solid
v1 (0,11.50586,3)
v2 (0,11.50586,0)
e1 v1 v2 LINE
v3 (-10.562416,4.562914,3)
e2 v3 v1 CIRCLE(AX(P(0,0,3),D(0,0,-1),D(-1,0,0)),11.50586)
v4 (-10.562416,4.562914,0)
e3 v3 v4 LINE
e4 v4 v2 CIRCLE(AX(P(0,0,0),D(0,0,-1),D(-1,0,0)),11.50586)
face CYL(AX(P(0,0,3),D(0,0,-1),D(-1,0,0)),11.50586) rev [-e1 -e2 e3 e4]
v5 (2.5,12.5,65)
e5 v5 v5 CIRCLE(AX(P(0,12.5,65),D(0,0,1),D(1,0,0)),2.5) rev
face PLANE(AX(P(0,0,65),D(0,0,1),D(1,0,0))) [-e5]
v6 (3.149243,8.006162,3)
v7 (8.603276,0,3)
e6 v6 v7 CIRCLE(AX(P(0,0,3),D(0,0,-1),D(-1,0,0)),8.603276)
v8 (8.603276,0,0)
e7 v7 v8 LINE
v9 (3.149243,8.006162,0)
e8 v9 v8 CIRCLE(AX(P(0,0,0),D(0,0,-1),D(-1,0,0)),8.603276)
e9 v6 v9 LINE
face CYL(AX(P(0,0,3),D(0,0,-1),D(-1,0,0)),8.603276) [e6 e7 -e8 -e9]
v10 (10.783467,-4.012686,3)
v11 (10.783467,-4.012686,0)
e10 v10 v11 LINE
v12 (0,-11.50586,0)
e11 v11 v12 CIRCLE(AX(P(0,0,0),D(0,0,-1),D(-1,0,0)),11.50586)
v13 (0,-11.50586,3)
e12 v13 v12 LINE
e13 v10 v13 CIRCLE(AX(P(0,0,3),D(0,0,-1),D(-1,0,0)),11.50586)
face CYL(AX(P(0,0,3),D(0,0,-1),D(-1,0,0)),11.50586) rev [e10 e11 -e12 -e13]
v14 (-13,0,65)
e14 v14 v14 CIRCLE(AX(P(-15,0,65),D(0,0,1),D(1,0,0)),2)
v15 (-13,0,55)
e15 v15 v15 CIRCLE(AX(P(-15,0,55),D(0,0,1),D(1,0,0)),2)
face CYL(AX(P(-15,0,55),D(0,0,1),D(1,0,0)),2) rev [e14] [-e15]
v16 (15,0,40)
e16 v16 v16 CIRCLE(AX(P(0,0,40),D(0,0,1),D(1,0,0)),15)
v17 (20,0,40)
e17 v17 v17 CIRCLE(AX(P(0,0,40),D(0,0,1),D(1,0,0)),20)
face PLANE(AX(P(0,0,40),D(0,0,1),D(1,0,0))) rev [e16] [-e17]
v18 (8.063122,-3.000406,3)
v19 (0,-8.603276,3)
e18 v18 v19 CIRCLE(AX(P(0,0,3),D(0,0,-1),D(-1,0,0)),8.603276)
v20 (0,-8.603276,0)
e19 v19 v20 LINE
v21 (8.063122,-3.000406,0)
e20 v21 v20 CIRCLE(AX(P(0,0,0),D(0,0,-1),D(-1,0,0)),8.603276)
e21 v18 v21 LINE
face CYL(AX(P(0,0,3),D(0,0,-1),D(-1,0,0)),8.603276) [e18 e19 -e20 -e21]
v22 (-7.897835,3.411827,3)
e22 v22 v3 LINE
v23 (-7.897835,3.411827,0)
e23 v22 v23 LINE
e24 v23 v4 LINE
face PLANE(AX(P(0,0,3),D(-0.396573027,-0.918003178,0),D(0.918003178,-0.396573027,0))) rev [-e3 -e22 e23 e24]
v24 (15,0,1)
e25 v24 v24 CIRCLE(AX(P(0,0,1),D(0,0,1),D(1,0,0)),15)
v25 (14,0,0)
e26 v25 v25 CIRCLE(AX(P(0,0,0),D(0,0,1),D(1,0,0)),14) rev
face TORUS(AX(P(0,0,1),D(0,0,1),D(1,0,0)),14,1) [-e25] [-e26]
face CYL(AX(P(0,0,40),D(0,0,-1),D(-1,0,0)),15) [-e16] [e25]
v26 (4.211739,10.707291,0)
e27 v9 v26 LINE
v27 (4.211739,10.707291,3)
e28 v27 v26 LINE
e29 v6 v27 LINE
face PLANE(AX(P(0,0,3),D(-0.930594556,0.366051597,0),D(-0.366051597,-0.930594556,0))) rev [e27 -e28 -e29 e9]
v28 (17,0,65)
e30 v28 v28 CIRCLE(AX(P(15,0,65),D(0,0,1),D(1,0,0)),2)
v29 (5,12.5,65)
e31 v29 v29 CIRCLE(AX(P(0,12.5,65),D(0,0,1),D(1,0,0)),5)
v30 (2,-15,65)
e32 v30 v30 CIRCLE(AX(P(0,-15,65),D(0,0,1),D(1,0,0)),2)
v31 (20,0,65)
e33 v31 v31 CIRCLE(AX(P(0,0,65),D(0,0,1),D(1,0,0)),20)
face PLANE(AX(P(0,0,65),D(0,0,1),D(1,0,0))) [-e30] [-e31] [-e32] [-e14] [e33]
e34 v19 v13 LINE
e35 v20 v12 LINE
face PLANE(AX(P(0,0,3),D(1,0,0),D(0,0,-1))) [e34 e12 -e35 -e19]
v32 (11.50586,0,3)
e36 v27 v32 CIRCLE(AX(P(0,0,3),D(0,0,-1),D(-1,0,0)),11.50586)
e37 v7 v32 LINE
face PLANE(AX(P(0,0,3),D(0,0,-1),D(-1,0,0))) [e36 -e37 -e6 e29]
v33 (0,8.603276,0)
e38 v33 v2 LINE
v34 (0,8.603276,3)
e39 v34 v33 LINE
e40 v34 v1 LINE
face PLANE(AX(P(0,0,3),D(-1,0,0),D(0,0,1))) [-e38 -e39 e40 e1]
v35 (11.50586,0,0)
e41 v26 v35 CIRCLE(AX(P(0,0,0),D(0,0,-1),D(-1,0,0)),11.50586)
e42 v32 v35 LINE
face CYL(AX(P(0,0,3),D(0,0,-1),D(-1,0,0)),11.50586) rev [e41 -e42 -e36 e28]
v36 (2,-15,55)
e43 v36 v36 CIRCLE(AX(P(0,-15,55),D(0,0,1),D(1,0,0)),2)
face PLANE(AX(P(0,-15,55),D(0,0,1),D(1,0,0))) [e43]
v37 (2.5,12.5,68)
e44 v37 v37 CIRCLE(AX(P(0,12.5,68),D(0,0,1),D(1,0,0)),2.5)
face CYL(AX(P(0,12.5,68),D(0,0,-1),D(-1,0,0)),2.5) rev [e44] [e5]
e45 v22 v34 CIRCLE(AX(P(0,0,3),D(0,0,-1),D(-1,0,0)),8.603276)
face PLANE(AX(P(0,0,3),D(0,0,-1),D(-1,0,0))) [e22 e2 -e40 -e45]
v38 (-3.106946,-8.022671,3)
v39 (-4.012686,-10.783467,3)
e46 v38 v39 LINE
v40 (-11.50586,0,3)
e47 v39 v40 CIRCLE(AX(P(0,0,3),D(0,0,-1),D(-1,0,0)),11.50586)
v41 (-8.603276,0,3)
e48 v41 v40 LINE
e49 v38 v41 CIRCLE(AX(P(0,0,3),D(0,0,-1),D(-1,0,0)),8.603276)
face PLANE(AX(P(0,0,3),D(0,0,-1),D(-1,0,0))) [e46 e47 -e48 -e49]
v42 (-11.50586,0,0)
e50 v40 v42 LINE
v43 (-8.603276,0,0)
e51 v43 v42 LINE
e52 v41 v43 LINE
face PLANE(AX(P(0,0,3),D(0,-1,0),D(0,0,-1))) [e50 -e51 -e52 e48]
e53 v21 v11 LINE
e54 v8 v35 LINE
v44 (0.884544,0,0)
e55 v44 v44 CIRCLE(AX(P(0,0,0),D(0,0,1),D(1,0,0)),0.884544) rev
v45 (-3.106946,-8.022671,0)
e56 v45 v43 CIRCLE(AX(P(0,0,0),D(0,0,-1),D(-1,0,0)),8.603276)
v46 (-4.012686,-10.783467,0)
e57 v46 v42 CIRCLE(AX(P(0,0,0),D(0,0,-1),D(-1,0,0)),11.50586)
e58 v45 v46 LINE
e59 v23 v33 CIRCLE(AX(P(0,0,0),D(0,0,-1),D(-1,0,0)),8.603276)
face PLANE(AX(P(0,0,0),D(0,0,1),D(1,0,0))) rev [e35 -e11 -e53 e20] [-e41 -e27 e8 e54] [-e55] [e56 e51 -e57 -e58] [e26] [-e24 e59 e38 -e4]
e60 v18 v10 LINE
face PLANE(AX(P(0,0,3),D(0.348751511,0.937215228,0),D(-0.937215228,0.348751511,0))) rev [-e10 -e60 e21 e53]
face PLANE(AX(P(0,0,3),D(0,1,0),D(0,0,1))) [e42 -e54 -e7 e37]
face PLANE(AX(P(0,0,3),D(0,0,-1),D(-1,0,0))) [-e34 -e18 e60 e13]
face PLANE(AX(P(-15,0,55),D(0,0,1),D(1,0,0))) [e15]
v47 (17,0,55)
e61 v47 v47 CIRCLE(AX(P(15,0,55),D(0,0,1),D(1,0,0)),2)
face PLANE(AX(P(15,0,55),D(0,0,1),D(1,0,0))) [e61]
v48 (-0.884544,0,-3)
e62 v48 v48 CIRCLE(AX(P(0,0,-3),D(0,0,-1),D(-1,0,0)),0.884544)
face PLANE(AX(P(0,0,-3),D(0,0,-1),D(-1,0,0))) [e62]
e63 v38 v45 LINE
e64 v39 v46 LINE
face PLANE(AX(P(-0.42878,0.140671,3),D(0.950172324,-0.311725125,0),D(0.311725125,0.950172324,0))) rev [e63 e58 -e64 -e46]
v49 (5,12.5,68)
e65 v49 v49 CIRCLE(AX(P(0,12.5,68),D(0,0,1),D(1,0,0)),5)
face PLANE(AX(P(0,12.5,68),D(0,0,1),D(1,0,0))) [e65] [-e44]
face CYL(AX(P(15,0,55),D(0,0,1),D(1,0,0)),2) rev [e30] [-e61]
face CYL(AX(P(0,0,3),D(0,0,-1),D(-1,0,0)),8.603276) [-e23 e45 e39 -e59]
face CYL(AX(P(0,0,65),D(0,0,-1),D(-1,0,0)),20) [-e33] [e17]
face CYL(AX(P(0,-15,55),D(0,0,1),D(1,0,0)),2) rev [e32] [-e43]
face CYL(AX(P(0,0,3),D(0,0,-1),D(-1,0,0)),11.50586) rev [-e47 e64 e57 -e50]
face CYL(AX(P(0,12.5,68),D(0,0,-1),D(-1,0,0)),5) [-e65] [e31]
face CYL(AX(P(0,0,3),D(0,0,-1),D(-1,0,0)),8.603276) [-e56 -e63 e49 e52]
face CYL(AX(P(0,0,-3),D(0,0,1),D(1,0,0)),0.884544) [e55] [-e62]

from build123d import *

# Parameters (mm, degrees)
CROQUIS1_R              = 15
SALIENTE_EXTRUIR1_DEPTH = 40
CROQUIS2_R              = 20
SALIENTE_EXTRUIR2_DEPTH = 25
CROQUIS3_R              = 0.884543568
SALIENTE_EXTRUIR3_DEPTH = 3
CROQUIS4_R              = 5
CROQUIS4_R_2            = 2.5
SALIENTE_EXTRUIR4_DEPTH = 3
CORTAR_EXTRUIR1_DEPTH   = 3
REDONDEO3_R             = 1
CROQUIS6_R              = 2
CORTAR_EXTRUIR2_DEPTH   = 10


with BuildPart() as part:
    # Croquis1 → Saliente-Extruir1 (new body)
    with BuildSketch(Plane.XY):
        Circle(CROQUIS1_R)
    extrude(amount=SALIENTE_EXTRUIR1_DEPTH)

    # Croquis2 → Saliente-Extruir2 (add)
    with BuildSketch(Plane.XY.offset(40)):
        Circle(CROQUIS2_R)
    extrude(amount=SALIENTE_EXTRUIR2_DEPTH)

    # Croquis3 → Saliente-Extruir3 (add)
    with BuildSketch(Plane(origin=(0, 0, 0), x_dir=(-1, 0, 0), z_dir=(0, 0, -1))):
        with Locations(Location((0, 0, 0), (0, 0, 180))):
            Circle(CROQUIS3_R)
    extrude(amount=SALIENTE_EXTRUIR3_DEPTH)

    # Croquis4 → Saliente-Extruir4 (add)
    with BuildSketch(Plane.XY.offset(65)):
        with Locations((0, 12.5)):
            Circle(CROQUIS4_R)
        with Locations((0, 12.5)):
            Circle(CROQUIS4_R_2, mode=Mode.SUBTRACT)
    extrude(amount=SALIENTE_EXTRUIR4_DEPTH)

    # Croquis5 → Cortar-Extruir1 (cut)
    with BuildSketch(Plane(origin=(0, 0, 0), x_dir=(-1, 0, 0), z_dir=(0, 0, -1))):
        with BuildLine():
            Line((-3.149243081, 8.006162221), (-4.211738534, 10.70729095))
            ThreePointArc((-4.211738534, 10.70729095), (-9.509061365, 6.477852492), (-11.505860288, 0))
            Line((-11.505860288, 0), (-8.60327644, 0))
            ThreePointArc((-8.60327644, 0), (-7.110210064, 4.843684378), (-3.149243081, 8.006162221))
        make_face()
        with BuildLine():
            Line((-8.063121691, -3.000405654), (-10.783467475, -4.012686155))
            ThreePointArc((-10.783467475, -4.012686155), (-6.565645996, -9.44865671), (0, -11.505860288))
            Line((0, -11.505860288), (0, -8.60327644))
            ThreePointArc((0, -8.60327644), (-4.90933021, -7.065043693), (-8.063121691, -3.000405654))
        make_face()
        with BuildLine():
            ThreePointArc((8.60327644, 0), (7.097403678, -4.862430105), (3.106945666, -8.022671259))
            Line((3.106945666, -8.022671259), (4.012686155, -10.783467475))
            ThreePointArc((4.012686155, -10.783467475), (9.44865671, -6.565645996), (11.505860288, 0))
            Line((11.505860288, 0), (8.60327644, 0))
        make_face()
        with BuildLine():
            ThreePointArc((7.897835112, 3.411827377), (4.725646591, 7.189202306), (0, 8.60327644))
            Line((0, 8.60327644), (0, 11.505860288))
            ThreePointArc((0, 11.505860288), (6.319990974, 9.614704106), (10.562416308, 4.562913838))
            Line((10.562416308, 4.562913838), (7.897835112, 3.411827377))
        make_face()
    extrude(amount=-CORTAR_EXTRUIR1_DEPTH, mode=Mode.SUBTRACT)

    # Redondeo3
    redondeo3_edges = [part.edges().sort_by_distance(p)[0] for p in [
        (-15, 0, 0),
    ]]
    fillet(redondeo3_edges, radius=REDONDEO3_R)

    # Croquis6 → Cortar-Extruir2 (cut)
    with BuildSketch(Plane.XY.offset(65)):
        with Locations((15, 0)):
            Circle(CROQUIS6_R)
        with Locations((-15, 0)):
            Circle(CROQUIS6_R)
        with Locations((0, -15)):
            Circle(CROQUIS6_R)
    extrude(amount=-CORTAR_EXTRUIR2_DEPTH, mode=Mode.SUBTRACT)


solid = part.part
